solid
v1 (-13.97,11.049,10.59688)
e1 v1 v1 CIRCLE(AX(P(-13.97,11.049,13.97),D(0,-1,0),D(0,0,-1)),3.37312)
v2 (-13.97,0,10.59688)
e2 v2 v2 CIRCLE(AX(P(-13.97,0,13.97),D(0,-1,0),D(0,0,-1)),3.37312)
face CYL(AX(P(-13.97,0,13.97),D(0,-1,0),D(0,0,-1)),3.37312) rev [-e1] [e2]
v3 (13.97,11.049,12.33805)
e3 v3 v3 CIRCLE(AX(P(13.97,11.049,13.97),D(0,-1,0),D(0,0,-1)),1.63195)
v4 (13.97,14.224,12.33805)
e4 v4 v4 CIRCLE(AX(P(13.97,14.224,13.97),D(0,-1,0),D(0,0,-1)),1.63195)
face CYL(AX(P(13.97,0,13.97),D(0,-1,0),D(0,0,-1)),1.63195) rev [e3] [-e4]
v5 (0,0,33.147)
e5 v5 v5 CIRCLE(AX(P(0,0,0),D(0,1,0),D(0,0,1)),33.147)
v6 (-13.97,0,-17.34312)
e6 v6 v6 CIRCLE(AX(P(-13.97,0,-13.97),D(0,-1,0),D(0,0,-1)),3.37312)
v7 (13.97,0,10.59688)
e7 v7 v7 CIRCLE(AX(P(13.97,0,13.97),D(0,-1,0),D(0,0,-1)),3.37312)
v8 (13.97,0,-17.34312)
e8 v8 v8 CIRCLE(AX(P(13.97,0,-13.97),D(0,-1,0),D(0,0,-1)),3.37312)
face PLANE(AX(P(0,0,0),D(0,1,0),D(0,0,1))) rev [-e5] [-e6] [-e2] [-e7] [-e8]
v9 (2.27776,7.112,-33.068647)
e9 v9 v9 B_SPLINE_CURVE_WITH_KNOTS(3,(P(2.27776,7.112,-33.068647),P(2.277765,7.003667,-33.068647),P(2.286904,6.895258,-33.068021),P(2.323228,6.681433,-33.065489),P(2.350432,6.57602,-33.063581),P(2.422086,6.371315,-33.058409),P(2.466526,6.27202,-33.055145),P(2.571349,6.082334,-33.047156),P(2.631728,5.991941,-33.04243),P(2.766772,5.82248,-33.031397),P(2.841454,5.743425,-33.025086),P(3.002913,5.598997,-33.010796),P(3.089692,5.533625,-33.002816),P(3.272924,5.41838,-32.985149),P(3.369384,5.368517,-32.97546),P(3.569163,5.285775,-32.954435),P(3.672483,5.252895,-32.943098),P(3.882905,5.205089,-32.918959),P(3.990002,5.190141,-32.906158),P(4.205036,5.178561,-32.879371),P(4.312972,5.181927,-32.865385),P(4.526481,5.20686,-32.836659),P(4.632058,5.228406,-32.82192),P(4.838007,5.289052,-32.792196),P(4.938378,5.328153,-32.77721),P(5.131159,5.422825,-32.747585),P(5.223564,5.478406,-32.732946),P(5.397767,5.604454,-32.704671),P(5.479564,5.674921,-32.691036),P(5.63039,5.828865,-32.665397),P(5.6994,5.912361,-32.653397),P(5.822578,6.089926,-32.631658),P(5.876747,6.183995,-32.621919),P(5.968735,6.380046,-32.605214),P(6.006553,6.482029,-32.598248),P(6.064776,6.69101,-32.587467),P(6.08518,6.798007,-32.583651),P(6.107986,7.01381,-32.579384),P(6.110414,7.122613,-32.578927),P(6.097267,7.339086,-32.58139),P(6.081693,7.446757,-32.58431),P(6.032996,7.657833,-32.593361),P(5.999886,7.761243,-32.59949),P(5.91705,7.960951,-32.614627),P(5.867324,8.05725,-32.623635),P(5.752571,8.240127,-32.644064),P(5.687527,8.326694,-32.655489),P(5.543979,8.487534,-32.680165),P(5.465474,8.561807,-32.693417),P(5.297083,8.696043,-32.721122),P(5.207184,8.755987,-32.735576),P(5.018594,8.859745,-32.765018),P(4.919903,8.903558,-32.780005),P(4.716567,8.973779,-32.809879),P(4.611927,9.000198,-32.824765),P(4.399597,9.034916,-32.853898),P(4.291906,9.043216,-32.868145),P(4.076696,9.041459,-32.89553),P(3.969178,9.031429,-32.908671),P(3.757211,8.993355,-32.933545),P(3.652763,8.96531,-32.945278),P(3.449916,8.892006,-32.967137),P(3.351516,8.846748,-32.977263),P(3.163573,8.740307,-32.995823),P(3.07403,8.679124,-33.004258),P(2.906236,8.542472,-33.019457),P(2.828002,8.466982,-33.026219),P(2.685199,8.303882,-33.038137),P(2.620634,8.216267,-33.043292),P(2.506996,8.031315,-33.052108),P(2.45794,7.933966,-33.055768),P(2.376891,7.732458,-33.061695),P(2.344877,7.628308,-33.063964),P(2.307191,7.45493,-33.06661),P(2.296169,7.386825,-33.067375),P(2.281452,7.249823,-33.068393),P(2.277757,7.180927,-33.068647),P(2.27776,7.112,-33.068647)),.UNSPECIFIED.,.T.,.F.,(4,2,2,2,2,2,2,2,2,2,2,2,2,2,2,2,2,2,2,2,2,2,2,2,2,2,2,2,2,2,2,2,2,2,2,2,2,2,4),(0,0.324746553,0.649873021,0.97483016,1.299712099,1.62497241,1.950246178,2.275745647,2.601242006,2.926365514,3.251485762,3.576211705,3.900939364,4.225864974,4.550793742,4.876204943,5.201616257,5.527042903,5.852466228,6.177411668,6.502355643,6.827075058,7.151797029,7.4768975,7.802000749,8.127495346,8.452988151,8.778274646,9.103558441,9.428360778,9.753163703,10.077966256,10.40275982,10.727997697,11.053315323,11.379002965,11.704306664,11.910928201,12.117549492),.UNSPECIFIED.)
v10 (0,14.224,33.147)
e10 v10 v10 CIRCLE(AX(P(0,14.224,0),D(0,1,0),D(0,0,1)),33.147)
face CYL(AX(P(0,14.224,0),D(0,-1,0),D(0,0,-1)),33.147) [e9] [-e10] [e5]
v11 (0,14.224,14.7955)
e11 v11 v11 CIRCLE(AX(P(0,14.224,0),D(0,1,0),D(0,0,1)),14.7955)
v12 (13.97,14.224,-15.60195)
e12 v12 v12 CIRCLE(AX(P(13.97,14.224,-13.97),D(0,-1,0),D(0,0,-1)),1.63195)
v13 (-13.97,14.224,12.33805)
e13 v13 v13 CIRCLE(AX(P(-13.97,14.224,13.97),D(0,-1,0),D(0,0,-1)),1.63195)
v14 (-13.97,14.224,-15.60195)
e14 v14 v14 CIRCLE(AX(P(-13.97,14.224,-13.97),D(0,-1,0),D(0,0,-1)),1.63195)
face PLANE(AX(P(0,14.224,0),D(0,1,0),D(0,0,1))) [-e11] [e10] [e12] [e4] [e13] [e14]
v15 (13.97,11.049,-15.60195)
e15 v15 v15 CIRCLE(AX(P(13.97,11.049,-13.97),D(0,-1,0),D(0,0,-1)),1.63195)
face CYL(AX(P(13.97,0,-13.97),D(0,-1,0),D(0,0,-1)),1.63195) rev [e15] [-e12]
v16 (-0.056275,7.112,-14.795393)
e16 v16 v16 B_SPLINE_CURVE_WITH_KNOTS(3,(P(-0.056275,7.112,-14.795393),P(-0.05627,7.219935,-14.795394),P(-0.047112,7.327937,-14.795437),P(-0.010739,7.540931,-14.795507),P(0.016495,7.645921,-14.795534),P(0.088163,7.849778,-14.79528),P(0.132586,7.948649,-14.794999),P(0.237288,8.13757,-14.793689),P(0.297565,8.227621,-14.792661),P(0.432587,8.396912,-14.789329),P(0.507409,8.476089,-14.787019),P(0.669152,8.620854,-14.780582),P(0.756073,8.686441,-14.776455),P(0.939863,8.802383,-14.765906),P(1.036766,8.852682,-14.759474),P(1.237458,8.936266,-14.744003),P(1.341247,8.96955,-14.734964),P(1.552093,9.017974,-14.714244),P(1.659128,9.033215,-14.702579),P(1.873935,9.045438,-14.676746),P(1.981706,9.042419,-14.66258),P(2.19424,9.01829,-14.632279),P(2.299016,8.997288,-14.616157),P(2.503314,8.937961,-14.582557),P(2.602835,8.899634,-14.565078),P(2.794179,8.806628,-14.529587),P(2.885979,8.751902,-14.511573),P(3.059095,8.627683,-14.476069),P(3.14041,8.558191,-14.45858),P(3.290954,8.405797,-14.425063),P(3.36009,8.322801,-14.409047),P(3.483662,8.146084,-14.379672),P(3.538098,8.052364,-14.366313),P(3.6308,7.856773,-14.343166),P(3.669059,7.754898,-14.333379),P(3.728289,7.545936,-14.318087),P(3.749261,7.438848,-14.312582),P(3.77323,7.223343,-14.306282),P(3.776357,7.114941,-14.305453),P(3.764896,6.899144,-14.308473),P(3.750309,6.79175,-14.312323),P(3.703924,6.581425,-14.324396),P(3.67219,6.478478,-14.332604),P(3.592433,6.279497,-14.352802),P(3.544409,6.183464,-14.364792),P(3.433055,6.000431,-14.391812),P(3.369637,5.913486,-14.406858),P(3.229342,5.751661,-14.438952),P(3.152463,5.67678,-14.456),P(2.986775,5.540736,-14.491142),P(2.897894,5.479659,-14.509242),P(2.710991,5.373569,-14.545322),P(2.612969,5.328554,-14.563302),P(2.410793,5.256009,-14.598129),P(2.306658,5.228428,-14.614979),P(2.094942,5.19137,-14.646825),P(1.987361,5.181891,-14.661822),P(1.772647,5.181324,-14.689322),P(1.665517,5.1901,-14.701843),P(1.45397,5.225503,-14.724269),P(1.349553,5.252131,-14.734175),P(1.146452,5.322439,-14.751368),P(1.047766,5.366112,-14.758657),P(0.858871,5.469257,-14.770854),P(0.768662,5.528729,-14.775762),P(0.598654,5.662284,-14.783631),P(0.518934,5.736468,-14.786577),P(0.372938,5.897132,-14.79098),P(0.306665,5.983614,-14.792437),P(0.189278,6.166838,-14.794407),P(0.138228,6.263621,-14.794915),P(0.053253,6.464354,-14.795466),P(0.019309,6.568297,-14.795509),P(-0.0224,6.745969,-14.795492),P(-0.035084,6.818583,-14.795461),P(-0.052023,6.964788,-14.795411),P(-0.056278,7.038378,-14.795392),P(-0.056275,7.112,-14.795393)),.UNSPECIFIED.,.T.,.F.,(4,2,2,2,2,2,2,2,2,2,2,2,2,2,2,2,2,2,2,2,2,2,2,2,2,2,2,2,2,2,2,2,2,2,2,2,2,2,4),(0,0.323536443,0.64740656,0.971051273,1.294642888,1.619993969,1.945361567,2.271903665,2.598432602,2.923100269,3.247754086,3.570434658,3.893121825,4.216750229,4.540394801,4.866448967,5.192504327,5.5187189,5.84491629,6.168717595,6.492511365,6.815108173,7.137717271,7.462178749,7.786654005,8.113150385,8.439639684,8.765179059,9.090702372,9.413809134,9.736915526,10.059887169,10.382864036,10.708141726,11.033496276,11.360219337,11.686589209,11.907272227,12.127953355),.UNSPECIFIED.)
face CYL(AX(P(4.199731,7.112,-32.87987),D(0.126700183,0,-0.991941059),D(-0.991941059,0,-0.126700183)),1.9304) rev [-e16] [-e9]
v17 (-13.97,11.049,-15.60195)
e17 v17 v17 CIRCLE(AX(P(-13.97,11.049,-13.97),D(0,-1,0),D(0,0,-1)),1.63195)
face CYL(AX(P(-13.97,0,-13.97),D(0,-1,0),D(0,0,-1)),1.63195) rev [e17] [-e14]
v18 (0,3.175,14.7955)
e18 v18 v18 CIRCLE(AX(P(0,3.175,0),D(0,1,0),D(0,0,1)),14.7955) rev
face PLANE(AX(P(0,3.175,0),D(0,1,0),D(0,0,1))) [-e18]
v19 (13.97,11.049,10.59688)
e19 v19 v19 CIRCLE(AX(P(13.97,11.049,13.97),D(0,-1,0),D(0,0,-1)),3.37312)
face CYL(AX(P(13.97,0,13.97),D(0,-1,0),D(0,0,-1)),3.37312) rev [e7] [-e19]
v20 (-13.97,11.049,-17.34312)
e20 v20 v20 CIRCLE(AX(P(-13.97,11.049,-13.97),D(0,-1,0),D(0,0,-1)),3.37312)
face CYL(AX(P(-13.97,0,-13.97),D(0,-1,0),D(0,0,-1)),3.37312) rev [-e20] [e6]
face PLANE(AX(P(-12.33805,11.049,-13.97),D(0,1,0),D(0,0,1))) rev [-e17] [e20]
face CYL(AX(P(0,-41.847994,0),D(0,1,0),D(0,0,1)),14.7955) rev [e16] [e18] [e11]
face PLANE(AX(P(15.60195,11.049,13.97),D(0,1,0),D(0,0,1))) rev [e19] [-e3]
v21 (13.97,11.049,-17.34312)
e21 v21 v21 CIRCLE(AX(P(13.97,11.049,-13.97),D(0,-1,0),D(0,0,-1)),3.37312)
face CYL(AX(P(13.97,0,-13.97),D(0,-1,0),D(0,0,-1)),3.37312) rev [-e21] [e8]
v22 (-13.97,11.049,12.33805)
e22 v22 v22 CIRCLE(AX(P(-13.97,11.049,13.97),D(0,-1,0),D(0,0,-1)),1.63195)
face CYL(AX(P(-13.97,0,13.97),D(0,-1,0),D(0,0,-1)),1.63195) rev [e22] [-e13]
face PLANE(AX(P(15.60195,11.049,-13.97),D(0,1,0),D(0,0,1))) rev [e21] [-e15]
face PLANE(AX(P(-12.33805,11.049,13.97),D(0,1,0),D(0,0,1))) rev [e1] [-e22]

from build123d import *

# Parameters (mm, degrees)
SKETCH2_R                                           = 33.147
BOSS_EXTRUDE1_DEPTH                                 = 14.224
SKETCH4_R                                           = 14.7955
CUT_EXTRUDE1_DEPTH                                  = 11.049
F_24_0_152_DIAMETER_HOLE1_D                         = 3.8608
F_24_0_152_DIAMETER_HOLE1_DEPTH                     = 25.4
F_24_0_152_DIAMETER_HOLE1_TIP                       = 1.159901339
F_24_0_152_DIAMETER_HOLE1_ON_FACE_2_D               = 3.8608
F_24_0_152_DIAMETER_HOLE1_ON_FACE_2_DEPTH           = 25.4
F_24_0_152_DIAMETER_HOLE1_ON_FACE_2_TIP             = 1.159901339
CBORE_FOR_4_BINDING_HEAD_MACHINE_SCREW1_D           = 3.2639
CBORE_FOR_4_BINDING_HEAD_MACHINE_SCREW1_CBORE_D     = 6.74624
CBORE_FOR_4_BINDING_HEAD_MACHINE_SCREW1_CBORE_DEPTH = 11.049


with BuildPart() as part:
    # Sketch2 → Boss-Extrude1 (new body)
    with BuildSketch(Plane(origin=(0, 0, 0), x_dir=(1, 0, 0), z_dir=(0, 1, 0))):
        Circle(SKETCH2_R)
    extrude(amount=BOSS_EXTRUDE1_DEPTH)

    # Sketch4 → Cut-Extrude1 (cut)
    with BuildSketch(Plane(origin=(0, 14.224, 0), x_dir=(1, 0, 0), z_dir=(0, 1, 0))):
        Circle(SKETCH4_R)
    extrude(amount=-CUT_EXTRUDE1_DEPTH, mode=Mode.SUBTRACT)

    # #24 (0.152) Diameter Hole1
    with Locations(Plane(origin=(4.199730969, 7.112, -32.879870267), x_dir=(-0.991941059, 0, -0.126700183), z_dir=(0.126700183, 0, -0.991941059))):
        with Locations((0, 0)):
            Hole(F_24_0_152_DIAMETER_HOLE1_D / 2, depth=F_24_0_152_DIAMETER_HOLE1_DEPTH)
            with Locations((0, 0, -(F_24_0_152_DIAMETER_HOLE1_DEPTH + F_24_0_152_DIAMETER_HOLE1_TIP / 2))):  # 118° drill point
                Cone(0, F_24_0_152_DIAMETER_HOLE1_D / 2, F_24_0_152_DIAMETER_HOLE1_TIP, mode=Mode.SUBTRACT)

    # #24 (0.152) Diameter Hole1 on face 2
    with Locations(Plane(origin=(55.026579736, -11.282884423, 0), x_dir=(-0.991941059, 0, -0.126700183), z_dir=(0.126700183, 0, -0.991941059))):
        with Locations((0, 0)):
            Hole(F_24_0_152_DIAMETER_HOLE1_ON_FACE_2_D / 2, depth=F_24_0_152_DIAMETER_HOLE1_ON_FACE_2_DEPTH)
            with Locations((0, 0, -(F_24_0_152_DIAMETER_HOLE1_ON_FACE_2_DEPTH + F_24_0_152_DIAMETER_HOLE1_ON_FACE_2_TIP / 2))):  # 118° drill point
                Cone(0, F_24_0_152_DIAMETER_HOLE1_ON_FACE_2_D / 2, F_24_0_152_DIAMETER_HOLE1_ON_FACE_2_TIP, mode=Mode.SUBTRACT)

    # CBORE for #4 Binding Head Machine Screw1 (through all)
    with Locations(Plane(origin=(0, 0, 0), x_dir=(-1, 0, 0), z_dir=(0, -1, 0))):
        with Locations((13.97, -13.97), (-13.97, -13.97), (-13.97, 13.97), (13.97, 13.97)):
            CounterBoreHole(CBORE_FOR_4_BINDING_HEAD_MACHINE_SCREW1_D / 2, CBORE_FOR_4_BINDING_HEAD_MACHINE_SCREW1_CBORE_D / 2, CBORE_FOR_4_BINDING_HEAD_MACHINE_SCREW1_CBORE_DEPTH)


solid = part.part
